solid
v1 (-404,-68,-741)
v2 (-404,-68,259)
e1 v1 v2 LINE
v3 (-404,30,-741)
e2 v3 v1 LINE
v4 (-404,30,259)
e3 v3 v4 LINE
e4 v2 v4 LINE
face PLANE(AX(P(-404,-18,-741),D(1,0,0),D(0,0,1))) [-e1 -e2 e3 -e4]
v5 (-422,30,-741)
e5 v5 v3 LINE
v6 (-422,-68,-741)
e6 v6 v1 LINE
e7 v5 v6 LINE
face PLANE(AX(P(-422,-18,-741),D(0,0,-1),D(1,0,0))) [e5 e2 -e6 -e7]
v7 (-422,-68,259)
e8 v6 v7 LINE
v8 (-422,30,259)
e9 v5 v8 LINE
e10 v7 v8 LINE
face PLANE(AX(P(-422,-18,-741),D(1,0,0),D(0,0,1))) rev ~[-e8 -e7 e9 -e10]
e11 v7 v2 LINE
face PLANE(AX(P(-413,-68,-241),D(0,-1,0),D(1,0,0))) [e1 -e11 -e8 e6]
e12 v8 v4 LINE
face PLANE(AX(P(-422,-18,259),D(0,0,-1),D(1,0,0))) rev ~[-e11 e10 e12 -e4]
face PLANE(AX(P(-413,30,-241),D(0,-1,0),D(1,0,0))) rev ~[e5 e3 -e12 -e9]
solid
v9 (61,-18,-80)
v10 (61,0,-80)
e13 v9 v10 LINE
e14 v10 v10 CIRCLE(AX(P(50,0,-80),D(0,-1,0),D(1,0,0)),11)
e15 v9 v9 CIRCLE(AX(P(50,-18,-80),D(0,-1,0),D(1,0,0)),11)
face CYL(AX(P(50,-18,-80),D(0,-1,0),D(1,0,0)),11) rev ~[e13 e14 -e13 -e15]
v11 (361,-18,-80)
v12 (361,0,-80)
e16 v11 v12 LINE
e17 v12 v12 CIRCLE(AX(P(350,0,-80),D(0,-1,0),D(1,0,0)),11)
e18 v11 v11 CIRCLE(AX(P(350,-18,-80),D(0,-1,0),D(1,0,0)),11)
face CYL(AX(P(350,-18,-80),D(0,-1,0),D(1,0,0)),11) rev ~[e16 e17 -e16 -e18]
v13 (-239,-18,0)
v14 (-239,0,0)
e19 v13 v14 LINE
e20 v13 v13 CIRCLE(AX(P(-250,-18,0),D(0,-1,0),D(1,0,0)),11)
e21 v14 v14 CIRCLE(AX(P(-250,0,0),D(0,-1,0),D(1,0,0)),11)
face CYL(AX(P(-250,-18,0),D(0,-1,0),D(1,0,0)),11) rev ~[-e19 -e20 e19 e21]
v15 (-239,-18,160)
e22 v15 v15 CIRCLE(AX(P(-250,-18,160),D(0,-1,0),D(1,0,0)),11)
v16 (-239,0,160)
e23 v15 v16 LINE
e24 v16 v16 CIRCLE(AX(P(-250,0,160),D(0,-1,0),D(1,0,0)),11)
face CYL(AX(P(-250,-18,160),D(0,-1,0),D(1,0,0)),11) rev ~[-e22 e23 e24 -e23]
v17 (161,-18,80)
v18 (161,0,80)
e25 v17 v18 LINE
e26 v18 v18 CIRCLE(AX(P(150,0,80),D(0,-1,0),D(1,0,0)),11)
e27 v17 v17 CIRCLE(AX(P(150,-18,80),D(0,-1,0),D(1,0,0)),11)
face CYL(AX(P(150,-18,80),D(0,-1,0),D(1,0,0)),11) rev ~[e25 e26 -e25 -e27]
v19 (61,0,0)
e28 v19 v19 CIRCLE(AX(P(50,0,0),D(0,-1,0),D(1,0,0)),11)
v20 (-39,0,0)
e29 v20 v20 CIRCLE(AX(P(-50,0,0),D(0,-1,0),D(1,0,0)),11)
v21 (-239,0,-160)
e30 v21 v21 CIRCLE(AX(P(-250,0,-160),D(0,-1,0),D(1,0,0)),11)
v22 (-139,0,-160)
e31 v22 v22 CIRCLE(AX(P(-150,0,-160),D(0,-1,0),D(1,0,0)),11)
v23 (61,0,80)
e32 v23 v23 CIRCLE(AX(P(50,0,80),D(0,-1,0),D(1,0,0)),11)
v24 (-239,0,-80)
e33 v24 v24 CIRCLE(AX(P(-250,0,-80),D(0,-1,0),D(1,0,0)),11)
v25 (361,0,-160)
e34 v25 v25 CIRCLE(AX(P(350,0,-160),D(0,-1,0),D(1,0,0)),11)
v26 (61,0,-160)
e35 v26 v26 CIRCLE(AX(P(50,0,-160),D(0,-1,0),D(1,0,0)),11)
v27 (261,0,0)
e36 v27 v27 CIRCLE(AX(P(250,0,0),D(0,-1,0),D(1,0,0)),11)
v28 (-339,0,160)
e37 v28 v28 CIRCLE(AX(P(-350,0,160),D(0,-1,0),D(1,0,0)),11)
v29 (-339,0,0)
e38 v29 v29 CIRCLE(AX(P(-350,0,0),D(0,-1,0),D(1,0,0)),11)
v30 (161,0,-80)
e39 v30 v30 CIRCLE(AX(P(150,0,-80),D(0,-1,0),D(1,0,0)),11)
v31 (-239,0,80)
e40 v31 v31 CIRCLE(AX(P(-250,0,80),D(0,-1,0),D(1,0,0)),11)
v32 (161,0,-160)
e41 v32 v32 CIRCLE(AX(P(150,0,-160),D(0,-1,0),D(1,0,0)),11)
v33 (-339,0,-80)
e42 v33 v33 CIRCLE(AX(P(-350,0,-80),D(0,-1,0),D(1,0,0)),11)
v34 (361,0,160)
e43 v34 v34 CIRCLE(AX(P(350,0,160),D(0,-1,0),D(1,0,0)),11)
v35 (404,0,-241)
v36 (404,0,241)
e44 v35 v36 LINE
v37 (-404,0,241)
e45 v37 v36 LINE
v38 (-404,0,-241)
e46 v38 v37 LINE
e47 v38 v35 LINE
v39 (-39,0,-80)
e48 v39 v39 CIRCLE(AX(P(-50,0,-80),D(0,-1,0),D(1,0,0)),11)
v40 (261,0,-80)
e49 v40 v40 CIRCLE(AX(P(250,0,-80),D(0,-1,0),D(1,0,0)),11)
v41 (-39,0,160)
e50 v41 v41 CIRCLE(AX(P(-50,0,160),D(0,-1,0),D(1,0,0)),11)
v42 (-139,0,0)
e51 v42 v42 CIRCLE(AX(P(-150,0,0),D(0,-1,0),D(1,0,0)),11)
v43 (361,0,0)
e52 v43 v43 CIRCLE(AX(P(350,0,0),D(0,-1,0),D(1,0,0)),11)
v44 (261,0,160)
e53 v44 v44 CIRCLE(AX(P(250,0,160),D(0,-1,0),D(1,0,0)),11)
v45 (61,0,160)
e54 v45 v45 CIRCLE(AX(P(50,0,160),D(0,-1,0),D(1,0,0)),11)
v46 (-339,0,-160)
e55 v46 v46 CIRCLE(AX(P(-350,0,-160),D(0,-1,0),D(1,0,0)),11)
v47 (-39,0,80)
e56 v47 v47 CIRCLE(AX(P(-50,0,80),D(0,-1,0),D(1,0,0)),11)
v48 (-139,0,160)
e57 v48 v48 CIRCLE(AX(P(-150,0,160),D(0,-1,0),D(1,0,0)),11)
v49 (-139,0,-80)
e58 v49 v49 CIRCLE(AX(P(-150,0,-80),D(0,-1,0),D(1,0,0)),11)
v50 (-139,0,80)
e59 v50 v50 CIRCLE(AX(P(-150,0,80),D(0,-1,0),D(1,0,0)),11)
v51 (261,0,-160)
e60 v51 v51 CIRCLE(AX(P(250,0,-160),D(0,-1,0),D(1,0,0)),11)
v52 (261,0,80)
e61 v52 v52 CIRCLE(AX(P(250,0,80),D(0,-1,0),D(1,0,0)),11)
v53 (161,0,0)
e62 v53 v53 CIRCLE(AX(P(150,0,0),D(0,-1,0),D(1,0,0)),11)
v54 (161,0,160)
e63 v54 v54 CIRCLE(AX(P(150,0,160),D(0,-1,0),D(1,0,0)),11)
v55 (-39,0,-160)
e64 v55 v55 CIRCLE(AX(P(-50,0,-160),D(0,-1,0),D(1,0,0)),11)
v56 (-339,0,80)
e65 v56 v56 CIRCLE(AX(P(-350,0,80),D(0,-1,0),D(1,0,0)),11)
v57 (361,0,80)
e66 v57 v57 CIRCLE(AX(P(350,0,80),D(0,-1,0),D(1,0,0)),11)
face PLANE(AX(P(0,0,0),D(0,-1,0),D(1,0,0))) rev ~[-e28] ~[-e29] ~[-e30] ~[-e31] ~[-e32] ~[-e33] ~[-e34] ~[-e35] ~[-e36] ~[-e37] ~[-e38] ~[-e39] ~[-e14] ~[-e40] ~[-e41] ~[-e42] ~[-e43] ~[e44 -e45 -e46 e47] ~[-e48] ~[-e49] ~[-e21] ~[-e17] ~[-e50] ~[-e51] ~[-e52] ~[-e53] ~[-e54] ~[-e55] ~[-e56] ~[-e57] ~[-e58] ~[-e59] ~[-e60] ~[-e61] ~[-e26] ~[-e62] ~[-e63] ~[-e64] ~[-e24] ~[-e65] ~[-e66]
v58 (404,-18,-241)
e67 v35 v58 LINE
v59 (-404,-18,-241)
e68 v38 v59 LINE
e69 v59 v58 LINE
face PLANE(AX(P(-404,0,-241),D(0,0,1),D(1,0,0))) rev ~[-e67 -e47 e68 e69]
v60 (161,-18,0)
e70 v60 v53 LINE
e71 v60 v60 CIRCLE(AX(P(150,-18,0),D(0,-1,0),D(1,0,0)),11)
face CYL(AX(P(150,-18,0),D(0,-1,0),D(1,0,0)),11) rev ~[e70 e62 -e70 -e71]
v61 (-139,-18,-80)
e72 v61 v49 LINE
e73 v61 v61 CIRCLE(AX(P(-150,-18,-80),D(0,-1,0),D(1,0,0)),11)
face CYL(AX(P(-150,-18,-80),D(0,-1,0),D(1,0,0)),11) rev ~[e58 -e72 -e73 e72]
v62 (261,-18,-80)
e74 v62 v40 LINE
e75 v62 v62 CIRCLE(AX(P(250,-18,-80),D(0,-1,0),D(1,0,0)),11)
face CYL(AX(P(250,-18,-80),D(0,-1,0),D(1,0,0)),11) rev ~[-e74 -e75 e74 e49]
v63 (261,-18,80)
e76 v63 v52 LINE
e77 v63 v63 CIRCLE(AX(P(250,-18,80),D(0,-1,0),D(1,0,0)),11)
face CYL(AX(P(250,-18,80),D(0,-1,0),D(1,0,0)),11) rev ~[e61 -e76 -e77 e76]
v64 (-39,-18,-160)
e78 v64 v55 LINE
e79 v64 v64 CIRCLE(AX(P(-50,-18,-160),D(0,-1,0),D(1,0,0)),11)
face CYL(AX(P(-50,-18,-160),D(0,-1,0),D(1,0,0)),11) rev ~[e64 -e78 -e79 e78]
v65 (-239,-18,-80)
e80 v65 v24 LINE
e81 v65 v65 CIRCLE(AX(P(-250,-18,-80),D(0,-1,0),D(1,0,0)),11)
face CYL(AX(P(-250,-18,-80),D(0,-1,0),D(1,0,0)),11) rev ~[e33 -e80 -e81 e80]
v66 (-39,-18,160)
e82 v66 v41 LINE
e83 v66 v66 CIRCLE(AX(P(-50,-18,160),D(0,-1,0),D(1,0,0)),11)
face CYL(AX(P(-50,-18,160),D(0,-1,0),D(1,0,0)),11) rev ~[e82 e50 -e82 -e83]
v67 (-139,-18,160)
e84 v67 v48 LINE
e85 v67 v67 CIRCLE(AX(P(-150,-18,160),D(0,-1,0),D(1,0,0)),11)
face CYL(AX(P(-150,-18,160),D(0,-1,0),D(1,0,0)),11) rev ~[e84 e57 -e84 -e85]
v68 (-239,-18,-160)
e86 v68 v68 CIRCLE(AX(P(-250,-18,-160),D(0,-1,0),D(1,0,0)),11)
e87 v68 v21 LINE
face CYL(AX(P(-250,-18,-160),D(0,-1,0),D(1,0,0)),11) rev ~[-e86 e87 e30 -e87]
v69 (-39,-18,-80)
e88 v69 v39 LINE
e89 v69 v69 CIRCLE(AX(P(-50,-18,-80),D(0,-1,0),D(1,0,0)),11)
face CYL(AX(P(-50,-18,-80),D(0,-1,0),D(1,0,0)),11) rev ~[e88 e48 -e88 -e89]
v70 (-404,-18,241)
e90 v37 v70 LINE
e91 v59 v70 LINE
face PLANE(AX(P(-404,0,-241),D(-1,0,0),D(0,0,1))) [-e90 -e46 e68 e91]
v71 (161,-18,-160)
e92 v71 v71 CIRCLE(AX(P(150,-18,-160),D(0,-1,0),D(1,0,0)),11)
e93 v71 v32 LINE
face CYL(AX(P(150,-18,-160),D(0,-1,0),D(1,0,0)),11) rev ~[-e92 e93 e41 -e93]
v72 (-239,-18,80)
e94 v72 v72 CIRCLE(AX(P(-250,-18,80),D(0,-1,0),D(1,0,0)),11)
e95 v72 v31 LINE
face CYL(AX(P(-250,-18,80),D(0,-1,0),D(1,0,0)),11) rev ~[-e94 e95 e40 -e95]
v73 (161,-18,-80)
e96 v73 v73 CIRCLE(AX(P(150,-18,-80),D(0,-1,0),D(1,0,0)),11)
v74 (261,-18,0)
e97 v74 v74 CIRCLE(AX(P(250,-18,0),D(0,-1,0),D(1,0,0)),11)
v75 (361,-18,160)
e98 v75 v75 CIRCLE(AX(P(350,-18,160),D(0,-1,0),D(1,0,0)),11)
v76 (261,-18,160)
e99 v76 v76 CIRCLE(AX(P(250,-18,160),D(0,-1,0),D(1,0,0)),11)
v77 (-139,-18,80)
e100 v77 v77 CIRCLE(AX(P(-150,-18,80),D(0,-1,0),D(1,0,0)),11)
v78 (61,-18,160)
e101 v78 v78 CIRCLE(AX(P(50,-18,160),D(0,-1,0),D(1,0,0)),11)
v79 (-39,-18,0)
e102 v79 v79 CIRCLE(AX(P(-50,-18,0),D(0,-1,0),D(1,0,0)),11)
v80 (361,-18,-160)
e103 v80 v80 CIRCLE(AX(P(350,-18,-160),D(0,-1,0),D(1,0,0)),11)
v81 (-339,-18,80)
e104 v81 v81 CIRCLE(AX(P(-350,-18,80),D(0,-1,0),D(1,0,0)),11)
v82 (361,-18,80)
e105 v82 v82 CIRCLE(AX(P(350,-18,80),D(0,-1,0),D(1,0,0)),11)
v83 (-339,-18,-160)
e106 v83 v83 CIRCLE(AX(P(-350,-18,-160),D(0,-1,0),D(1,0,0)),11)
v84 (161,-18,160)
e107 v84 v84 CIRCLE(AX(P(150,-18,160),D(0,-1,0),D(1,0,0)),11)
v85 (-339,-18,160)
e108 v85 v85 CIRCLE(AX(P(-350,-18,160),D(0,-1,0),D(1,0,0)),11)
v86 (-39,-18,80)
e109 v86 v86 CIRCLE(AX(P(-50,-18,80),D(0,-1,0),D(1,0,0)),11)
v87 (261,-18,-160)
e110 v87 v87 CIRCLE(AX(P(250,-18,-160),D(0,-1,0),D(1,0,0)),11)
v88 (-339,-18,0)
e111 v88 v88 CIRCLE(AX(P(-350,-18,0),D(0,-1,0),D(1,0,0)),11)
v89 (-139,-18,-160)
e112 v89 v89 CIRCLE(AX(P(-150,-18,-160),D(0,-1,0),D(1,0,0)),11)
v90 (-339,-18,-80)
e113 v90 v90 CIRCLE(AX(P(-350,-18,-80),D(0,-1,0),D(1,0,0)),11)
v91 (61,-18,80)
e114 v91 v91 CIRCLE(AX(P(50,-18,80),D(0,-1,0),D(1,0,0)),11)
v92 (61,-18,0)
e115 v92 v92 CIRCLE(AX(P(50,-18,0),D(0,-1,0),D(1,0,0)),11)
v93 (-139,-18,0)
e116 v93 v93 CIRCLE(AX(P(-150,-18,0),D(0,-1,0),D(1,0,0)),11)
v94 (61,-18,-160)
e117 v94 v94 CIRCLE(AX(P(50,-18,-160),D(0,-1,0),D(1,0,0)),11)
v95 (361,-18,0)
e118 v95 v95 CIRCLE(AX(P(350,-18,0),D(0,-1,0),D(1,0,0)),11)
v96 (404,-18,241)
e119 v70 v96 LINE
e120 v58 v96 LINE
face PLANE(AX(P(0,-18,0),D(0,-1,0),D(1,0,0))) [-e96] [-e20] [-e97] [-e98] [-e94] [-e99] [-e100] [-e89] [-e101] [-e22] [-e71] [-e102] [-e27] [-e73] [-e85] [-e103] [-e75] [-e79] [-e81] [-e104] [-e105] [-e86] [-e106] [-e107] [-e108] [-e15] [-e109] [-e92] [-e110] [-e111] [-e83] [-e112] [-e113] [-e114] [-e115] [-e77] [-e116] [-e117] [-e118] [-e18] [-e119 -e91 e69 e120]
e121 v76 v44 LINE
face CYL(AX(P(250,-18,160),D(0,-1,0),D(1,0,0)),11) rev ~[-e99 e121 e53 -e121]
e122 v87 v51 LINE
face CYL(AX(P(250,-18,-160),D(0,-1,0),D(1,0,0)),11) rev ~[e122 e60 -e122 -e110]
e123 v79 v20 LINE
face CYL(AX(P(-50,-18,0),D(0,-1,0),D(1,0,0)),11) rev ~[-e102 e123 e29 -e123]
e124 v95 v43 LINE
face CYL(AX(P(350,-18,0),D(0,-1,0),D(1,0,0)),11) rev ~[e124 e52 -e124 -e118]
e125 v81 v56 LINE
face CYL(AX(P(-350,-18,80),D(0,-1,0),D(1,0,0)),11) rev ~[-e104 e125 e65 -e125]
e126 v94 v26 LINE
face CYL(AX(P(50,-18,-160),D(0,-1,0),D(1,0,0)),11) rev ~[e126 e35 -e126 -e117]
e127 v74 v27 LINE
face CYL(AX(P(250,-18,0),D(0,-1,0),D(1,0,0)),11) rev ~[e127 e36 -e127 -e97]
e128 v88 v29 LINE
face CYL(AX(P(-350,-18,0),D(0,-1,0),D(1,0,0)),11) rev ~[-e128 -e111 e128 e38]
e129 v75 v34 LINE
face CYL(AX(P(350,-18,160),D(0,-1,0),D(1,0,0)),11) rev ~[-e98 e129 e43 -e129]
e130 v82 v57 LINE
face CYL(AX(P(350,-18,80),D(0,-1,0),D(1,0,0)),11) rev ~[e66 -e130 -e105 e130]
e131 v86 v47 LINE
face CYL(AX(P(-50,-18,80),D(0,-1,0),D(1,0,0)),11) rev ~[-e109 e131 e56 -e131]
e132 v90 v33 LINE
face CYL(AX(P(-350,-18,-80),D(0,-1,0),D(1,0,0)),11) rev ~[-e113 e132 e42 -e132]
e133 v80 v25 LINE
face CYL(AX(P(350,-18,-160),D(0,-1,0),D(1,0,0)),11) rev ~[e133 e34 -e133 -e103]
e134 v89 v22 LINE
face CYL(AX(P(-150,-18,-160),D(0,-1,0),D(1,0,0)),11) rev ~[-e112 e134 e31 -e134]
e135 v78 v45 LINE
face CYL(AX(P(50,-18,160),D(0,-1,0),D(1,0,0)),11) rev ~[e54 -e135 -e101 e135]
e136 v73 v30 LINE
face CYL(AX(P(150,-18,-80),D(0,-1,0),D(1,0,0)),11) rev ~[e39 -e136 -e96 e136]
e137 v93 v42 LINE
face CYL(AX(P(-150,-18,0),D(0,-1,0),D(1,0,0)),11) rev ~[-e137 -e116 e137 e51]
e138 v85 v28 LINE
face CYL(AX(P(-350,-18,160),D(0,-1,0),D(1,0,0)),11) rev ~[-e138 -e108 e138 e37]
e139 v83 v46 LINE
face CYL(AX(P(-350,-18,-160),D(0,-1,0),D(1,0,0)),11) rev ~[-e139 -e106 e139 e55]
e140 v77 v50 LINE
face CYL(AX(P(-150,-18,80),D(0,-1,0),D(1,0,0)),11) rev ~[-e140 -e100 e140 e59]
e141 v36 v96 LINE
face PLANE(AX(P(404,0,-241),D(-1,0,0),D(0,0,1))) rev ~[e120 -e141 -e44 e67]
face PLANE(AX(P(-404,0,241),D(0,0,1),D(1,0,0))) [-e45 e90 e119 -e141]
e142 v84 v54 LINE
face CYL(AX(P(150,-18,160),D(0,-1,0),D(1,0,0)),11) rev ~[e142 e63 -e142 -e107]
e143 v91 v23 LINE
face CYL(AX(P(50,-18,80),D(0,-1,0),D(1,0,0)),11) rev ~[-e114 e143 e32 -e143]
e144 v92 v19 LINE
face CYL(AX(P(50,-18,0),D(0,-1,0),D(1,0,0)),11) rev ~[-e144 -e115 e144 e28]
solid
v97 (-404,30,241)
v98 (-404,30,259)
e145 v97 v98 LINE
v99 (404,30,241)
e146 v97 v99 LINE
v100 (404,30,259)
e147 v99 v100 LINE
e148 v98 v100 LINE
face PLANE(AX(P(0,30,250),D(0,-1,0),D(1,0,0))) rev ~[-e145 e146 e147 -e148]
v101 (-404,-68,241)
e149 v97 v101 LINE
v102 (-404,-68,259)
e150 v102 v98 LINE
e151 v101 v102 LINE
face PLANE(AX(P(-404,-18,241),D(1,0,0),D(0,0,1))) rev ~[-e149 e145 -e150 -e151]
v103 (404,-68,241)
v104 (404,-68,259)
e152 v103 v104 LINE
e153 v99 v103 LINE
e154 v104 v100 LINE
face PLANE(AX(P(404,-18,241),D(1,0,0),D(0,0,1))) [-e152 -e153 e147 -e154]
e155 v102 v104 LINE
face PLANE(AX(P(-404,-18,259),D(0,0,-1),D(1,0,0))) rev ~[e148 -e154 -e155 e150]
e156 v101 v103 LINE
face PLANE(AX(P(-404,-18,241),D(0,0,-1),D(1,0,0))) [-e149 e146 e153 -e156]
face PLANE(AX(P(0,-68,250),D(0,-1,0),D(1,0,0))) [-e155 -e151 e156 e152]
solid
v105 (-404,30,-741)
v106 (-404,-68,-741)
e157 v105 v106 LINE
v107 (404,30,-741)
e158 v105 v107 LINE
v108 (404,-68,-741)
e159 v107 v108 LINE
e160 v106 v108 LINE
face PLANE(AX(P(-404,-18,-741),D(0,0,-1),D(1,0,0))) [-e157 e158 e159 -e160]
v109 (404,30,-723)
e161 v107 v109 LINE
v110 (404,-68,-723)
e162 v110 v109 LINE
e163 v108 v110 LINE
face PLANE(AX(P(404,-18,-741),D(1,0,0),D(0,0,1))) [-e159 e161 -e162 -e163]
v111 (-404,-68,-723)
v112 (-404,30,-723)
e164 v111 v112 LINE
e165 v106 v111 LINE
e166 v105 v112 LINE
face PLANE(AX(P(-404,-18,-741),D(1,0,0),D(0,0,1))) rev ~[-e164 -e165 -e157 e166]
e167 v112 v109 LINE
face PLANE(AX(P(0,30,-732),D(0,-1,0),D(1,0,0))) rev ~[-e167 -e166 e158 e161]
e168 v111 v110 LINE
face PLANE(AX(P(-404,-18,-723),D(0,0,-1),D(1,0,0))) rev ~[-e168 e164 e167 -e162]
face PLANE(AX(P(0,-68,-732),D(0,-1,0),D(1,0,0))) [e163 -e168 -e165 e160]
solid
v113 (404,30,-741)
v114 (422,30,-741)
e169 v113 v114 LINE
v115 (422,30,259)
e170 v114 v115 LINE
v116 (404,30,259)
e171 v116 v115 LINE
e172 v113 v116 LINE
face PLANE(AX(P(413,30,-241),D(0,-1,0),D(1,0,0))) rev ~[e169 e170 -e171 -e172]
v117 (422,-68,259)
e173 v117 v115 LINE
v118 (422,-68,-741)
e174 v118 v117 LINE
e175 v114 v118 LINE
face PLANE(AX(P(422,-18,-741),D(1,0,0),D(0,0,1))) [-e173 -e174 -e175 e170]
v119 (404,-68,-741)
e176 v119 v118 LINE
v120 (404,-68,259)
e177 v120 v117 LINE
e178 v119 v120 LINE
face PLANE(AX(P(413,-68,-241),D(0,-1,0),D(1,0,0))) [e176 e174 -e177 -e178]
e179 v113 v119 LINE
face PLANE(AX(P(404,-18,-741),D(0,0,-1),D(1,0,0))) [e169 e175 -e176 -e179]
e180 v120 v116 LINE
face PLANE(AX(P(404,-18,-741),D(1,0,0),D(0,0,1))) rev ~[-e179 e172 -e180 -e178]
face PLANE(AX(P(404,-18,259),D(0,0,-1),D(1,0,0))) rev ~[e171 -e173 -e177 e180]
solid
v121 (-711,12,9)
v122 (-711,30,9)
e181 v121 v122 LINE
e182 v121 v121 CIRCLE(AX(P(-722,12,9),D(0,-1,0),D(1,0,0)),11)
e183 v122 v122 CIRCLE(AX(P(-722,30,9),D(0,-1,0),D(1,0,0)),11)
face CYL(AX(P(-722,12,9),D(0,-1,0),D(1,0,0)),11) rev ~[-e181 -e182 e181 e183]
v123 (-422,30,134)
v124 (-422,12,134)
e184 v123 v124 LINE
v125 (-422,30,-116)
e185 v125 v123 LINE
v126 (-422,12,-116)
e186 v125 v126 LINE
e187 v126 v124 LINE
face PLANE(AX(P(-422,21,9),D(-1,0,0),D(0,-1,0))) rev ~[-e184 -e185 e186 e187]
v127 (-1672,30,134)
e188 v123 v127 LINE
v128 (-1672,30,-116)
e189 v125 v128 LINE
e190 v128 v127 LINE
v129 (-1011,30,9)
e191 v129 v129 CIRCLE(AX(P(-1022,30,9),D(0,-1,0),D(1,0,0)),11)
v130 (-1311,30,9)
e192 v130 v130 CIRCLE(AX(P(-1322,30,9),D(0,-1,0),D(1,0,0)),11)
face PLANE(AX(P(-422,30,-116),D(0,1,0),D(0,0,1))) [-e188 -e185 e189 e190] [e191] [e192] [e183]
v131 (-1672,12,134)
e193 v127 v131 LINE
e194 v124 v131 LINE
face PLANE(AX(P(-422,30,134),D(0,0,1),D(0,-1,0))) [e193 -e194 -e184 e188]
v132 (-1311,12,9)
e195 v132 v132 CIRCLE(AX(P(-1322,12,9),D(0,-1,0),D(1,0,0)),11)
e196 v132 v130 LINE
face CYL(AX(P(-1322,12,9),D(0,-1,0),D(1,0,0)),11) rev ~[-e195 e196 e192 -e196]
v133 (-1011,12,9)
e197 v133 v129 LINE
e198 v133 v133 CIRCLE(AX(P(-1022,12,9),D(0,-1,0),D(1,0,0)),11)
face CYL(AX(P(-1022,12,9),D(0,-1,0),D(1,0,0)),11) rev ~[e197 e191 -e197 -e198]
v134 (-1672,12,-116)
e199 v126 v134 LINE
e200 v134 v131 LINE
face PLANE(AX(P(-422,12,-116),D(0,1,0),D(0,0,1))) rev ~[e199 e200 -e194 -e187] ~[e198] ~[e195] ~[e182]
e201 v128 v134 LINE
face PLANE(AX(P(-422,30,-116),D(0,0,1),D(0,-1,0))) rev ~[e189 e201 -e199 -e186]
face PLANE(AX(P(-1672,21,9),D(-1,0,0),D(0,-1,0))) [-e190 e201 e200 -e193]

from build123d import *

# Parameters (mm, degrees)
F0_W          = 808
F0_H          = 482
F1_DEPTH      = 18
F2_W          = 808
F2_H          = 18
F3_DEPTH      = 50
F3_DEPTH_BACK = 48
F4_W          = 18
F4_H          = 1000
F5_DEPTH      = 50
F5_DEPTH_BACK = 48
F6_R          = 11
F7_DEPTH      = 48.001
F8_W          = 18
F8_H          = 250
F9_DEPTH      = 1250
F10_R         = 11
F11_DEPTH     = 25


with BuildPart() as f1:
    # F0 (on Front) → F1 (new body)
    with BuildSketch(Plane.XZ):
        Rectangle(F0_W, F0_H)
    extrude(amount=F1_DEPTH)

    # F6 (on face) → F7 (cut, through all)
    with BuildSketch(Plane.XZ.offset(18)):
        with Locations((-350, 160)):
            Circle(F6_R)
        with Locations((-350, 80)):
            Circle(F6_R)
        with Locations((-350, 0)):
            Circle(F6_R)
        with Locations((-350, -80)):
            Circle(F6_R)
        with Locations((-350, -160)):
            Circle(F6_R)
        with Locations((-250, 160)):
            Circle(F6_R)
        with Locations((-250, 80)):
            Circle(F6_R)
        with Locations((-250, 0)):
            Circle(F6_R)
        with Locations((-250, -80)):
            Circle(F6_R)
        with Locations((-250, -160)):
            Circle(F6_R)
        with Locations((-150, 160)):
            Circle(F6_R)
        with Locations((-150, 80)):
            Circle(F6_R)
        with Locations((-150, 0)):
            Circle(F6_R)
        with Locations((-150, -80)):
            Circle(F6_R)
        with Locations((-150, -160)):
            Circle(F6_R)
        with Locations((-50, 160)):
            Circle(F6_R)
        with Locations((-50, 80)):
            Circle(F6_R)
        with Locations((-50, 0)):
            Circle(F6_R)
        with Locations((-50, -80)):
            Circle(F6_R)
        with Locations((-50, -160)):
            Circle(F6_R)
        with Locations((50, 160)):
            Circle(F6_R)
        with Locations((50, 80)):
            Circle(F6_R)
        with Locations((50, 0)):
            Circle(F6_R)
        with Locations((50, -80)):
            Circle(F6_R)
        with Locations((50, -160)):
            Circle(F6_R)
        with Locations((150, 160)):
            Circle(F6_R)
        with Locations((150, 80)):
            Circle(F6_R)
        with Locations((150, 0)):
            Circle(F6_R)
        with Locations((150, -80)):
            Circle(F6_R)
        with Locations((150, -160)):
            Circle(F6_R)
        with Locations((250, 160)):
            Circle(F6_R)
        with Locations((250, 80)):
            Circle(F6_R)
        with Locations((250, 0)):
            Circle(F6_R)
        with Locations((250, -80)):
            Circle(F6_R)
        with Locations((250, -160)):
            Circle(F6_R)
        with Locations((350, 160)):
            Circle(F6_R)
        with Locations((350, 80)):
            Circle(F6_R)
        with Locations((350, 0)):
            Circle(F6_R)
        with Locations((350, -80)):
            Circle(F6_R)
        with Locations((350, -160)):
            Circle(F6_R)
    extrude(amount=-F7_DEPTH, mode=Mode.SUBTRACT)


with BuildPart() as f3:
    # F2 (on face) → F3 (new body, two sides)
    with BuildSketch(Plane.XZ.offset(18)) as f3_sk:
        with Locations((0, 250)):
            Rectangle(F2_W, F2_H)
        with Locations((0, -732)):
            Rectangle(F2_W, F2_H)
    extrude(amount=F3_DEPTH)
    extrude(f3_sk.sketch, amount=-F3_DEPTH_BACK)


with BuildPart() as f5:
    # F4 (on face) → F5 (new body, two sides)
    with BuildSketch(Plane.XZ.offset(18)) as f5_sk:
        with Locations((413, -241)):
            Rectangle(F4_W, F4_H)
        with Locations((-413, -241)):
            Rectangle(F4_W, F4_H)
    extrude(amount=F5_DEPTH)
    extrude(f5_sk.sketch, amount=-F5_DEPTH_BACK)


with BuildPart() as f9:
    # F8 (on face) → F9 (new body)
    with BuildSketch(Plane(origin=(-422, 0, 0), x_dir=(0, -1, 0), z_dir=(-1, 0, 0))):
        with Locations((-21, 9)):
            Rectangle(F8_W, F8_H)
    extrude(amount=F9_DEPTH)

    # F10 (on face) → F11 (cut)
    with BuildSketch(Plane.XZ.offset(-12)):
        with Locations((-722, 9)):
            Circle(F10_R)
        with Locations((-1022, 9)):
            Circle(F10_R)
        with Locations((-1322, 9)):
            Circle(F10_R)
    extrude(amount=-F11_DEPTH, mode=Mode.SUBTRACT)


solid = Compound([f1.part, f3.part, f5.part, f9.part])
